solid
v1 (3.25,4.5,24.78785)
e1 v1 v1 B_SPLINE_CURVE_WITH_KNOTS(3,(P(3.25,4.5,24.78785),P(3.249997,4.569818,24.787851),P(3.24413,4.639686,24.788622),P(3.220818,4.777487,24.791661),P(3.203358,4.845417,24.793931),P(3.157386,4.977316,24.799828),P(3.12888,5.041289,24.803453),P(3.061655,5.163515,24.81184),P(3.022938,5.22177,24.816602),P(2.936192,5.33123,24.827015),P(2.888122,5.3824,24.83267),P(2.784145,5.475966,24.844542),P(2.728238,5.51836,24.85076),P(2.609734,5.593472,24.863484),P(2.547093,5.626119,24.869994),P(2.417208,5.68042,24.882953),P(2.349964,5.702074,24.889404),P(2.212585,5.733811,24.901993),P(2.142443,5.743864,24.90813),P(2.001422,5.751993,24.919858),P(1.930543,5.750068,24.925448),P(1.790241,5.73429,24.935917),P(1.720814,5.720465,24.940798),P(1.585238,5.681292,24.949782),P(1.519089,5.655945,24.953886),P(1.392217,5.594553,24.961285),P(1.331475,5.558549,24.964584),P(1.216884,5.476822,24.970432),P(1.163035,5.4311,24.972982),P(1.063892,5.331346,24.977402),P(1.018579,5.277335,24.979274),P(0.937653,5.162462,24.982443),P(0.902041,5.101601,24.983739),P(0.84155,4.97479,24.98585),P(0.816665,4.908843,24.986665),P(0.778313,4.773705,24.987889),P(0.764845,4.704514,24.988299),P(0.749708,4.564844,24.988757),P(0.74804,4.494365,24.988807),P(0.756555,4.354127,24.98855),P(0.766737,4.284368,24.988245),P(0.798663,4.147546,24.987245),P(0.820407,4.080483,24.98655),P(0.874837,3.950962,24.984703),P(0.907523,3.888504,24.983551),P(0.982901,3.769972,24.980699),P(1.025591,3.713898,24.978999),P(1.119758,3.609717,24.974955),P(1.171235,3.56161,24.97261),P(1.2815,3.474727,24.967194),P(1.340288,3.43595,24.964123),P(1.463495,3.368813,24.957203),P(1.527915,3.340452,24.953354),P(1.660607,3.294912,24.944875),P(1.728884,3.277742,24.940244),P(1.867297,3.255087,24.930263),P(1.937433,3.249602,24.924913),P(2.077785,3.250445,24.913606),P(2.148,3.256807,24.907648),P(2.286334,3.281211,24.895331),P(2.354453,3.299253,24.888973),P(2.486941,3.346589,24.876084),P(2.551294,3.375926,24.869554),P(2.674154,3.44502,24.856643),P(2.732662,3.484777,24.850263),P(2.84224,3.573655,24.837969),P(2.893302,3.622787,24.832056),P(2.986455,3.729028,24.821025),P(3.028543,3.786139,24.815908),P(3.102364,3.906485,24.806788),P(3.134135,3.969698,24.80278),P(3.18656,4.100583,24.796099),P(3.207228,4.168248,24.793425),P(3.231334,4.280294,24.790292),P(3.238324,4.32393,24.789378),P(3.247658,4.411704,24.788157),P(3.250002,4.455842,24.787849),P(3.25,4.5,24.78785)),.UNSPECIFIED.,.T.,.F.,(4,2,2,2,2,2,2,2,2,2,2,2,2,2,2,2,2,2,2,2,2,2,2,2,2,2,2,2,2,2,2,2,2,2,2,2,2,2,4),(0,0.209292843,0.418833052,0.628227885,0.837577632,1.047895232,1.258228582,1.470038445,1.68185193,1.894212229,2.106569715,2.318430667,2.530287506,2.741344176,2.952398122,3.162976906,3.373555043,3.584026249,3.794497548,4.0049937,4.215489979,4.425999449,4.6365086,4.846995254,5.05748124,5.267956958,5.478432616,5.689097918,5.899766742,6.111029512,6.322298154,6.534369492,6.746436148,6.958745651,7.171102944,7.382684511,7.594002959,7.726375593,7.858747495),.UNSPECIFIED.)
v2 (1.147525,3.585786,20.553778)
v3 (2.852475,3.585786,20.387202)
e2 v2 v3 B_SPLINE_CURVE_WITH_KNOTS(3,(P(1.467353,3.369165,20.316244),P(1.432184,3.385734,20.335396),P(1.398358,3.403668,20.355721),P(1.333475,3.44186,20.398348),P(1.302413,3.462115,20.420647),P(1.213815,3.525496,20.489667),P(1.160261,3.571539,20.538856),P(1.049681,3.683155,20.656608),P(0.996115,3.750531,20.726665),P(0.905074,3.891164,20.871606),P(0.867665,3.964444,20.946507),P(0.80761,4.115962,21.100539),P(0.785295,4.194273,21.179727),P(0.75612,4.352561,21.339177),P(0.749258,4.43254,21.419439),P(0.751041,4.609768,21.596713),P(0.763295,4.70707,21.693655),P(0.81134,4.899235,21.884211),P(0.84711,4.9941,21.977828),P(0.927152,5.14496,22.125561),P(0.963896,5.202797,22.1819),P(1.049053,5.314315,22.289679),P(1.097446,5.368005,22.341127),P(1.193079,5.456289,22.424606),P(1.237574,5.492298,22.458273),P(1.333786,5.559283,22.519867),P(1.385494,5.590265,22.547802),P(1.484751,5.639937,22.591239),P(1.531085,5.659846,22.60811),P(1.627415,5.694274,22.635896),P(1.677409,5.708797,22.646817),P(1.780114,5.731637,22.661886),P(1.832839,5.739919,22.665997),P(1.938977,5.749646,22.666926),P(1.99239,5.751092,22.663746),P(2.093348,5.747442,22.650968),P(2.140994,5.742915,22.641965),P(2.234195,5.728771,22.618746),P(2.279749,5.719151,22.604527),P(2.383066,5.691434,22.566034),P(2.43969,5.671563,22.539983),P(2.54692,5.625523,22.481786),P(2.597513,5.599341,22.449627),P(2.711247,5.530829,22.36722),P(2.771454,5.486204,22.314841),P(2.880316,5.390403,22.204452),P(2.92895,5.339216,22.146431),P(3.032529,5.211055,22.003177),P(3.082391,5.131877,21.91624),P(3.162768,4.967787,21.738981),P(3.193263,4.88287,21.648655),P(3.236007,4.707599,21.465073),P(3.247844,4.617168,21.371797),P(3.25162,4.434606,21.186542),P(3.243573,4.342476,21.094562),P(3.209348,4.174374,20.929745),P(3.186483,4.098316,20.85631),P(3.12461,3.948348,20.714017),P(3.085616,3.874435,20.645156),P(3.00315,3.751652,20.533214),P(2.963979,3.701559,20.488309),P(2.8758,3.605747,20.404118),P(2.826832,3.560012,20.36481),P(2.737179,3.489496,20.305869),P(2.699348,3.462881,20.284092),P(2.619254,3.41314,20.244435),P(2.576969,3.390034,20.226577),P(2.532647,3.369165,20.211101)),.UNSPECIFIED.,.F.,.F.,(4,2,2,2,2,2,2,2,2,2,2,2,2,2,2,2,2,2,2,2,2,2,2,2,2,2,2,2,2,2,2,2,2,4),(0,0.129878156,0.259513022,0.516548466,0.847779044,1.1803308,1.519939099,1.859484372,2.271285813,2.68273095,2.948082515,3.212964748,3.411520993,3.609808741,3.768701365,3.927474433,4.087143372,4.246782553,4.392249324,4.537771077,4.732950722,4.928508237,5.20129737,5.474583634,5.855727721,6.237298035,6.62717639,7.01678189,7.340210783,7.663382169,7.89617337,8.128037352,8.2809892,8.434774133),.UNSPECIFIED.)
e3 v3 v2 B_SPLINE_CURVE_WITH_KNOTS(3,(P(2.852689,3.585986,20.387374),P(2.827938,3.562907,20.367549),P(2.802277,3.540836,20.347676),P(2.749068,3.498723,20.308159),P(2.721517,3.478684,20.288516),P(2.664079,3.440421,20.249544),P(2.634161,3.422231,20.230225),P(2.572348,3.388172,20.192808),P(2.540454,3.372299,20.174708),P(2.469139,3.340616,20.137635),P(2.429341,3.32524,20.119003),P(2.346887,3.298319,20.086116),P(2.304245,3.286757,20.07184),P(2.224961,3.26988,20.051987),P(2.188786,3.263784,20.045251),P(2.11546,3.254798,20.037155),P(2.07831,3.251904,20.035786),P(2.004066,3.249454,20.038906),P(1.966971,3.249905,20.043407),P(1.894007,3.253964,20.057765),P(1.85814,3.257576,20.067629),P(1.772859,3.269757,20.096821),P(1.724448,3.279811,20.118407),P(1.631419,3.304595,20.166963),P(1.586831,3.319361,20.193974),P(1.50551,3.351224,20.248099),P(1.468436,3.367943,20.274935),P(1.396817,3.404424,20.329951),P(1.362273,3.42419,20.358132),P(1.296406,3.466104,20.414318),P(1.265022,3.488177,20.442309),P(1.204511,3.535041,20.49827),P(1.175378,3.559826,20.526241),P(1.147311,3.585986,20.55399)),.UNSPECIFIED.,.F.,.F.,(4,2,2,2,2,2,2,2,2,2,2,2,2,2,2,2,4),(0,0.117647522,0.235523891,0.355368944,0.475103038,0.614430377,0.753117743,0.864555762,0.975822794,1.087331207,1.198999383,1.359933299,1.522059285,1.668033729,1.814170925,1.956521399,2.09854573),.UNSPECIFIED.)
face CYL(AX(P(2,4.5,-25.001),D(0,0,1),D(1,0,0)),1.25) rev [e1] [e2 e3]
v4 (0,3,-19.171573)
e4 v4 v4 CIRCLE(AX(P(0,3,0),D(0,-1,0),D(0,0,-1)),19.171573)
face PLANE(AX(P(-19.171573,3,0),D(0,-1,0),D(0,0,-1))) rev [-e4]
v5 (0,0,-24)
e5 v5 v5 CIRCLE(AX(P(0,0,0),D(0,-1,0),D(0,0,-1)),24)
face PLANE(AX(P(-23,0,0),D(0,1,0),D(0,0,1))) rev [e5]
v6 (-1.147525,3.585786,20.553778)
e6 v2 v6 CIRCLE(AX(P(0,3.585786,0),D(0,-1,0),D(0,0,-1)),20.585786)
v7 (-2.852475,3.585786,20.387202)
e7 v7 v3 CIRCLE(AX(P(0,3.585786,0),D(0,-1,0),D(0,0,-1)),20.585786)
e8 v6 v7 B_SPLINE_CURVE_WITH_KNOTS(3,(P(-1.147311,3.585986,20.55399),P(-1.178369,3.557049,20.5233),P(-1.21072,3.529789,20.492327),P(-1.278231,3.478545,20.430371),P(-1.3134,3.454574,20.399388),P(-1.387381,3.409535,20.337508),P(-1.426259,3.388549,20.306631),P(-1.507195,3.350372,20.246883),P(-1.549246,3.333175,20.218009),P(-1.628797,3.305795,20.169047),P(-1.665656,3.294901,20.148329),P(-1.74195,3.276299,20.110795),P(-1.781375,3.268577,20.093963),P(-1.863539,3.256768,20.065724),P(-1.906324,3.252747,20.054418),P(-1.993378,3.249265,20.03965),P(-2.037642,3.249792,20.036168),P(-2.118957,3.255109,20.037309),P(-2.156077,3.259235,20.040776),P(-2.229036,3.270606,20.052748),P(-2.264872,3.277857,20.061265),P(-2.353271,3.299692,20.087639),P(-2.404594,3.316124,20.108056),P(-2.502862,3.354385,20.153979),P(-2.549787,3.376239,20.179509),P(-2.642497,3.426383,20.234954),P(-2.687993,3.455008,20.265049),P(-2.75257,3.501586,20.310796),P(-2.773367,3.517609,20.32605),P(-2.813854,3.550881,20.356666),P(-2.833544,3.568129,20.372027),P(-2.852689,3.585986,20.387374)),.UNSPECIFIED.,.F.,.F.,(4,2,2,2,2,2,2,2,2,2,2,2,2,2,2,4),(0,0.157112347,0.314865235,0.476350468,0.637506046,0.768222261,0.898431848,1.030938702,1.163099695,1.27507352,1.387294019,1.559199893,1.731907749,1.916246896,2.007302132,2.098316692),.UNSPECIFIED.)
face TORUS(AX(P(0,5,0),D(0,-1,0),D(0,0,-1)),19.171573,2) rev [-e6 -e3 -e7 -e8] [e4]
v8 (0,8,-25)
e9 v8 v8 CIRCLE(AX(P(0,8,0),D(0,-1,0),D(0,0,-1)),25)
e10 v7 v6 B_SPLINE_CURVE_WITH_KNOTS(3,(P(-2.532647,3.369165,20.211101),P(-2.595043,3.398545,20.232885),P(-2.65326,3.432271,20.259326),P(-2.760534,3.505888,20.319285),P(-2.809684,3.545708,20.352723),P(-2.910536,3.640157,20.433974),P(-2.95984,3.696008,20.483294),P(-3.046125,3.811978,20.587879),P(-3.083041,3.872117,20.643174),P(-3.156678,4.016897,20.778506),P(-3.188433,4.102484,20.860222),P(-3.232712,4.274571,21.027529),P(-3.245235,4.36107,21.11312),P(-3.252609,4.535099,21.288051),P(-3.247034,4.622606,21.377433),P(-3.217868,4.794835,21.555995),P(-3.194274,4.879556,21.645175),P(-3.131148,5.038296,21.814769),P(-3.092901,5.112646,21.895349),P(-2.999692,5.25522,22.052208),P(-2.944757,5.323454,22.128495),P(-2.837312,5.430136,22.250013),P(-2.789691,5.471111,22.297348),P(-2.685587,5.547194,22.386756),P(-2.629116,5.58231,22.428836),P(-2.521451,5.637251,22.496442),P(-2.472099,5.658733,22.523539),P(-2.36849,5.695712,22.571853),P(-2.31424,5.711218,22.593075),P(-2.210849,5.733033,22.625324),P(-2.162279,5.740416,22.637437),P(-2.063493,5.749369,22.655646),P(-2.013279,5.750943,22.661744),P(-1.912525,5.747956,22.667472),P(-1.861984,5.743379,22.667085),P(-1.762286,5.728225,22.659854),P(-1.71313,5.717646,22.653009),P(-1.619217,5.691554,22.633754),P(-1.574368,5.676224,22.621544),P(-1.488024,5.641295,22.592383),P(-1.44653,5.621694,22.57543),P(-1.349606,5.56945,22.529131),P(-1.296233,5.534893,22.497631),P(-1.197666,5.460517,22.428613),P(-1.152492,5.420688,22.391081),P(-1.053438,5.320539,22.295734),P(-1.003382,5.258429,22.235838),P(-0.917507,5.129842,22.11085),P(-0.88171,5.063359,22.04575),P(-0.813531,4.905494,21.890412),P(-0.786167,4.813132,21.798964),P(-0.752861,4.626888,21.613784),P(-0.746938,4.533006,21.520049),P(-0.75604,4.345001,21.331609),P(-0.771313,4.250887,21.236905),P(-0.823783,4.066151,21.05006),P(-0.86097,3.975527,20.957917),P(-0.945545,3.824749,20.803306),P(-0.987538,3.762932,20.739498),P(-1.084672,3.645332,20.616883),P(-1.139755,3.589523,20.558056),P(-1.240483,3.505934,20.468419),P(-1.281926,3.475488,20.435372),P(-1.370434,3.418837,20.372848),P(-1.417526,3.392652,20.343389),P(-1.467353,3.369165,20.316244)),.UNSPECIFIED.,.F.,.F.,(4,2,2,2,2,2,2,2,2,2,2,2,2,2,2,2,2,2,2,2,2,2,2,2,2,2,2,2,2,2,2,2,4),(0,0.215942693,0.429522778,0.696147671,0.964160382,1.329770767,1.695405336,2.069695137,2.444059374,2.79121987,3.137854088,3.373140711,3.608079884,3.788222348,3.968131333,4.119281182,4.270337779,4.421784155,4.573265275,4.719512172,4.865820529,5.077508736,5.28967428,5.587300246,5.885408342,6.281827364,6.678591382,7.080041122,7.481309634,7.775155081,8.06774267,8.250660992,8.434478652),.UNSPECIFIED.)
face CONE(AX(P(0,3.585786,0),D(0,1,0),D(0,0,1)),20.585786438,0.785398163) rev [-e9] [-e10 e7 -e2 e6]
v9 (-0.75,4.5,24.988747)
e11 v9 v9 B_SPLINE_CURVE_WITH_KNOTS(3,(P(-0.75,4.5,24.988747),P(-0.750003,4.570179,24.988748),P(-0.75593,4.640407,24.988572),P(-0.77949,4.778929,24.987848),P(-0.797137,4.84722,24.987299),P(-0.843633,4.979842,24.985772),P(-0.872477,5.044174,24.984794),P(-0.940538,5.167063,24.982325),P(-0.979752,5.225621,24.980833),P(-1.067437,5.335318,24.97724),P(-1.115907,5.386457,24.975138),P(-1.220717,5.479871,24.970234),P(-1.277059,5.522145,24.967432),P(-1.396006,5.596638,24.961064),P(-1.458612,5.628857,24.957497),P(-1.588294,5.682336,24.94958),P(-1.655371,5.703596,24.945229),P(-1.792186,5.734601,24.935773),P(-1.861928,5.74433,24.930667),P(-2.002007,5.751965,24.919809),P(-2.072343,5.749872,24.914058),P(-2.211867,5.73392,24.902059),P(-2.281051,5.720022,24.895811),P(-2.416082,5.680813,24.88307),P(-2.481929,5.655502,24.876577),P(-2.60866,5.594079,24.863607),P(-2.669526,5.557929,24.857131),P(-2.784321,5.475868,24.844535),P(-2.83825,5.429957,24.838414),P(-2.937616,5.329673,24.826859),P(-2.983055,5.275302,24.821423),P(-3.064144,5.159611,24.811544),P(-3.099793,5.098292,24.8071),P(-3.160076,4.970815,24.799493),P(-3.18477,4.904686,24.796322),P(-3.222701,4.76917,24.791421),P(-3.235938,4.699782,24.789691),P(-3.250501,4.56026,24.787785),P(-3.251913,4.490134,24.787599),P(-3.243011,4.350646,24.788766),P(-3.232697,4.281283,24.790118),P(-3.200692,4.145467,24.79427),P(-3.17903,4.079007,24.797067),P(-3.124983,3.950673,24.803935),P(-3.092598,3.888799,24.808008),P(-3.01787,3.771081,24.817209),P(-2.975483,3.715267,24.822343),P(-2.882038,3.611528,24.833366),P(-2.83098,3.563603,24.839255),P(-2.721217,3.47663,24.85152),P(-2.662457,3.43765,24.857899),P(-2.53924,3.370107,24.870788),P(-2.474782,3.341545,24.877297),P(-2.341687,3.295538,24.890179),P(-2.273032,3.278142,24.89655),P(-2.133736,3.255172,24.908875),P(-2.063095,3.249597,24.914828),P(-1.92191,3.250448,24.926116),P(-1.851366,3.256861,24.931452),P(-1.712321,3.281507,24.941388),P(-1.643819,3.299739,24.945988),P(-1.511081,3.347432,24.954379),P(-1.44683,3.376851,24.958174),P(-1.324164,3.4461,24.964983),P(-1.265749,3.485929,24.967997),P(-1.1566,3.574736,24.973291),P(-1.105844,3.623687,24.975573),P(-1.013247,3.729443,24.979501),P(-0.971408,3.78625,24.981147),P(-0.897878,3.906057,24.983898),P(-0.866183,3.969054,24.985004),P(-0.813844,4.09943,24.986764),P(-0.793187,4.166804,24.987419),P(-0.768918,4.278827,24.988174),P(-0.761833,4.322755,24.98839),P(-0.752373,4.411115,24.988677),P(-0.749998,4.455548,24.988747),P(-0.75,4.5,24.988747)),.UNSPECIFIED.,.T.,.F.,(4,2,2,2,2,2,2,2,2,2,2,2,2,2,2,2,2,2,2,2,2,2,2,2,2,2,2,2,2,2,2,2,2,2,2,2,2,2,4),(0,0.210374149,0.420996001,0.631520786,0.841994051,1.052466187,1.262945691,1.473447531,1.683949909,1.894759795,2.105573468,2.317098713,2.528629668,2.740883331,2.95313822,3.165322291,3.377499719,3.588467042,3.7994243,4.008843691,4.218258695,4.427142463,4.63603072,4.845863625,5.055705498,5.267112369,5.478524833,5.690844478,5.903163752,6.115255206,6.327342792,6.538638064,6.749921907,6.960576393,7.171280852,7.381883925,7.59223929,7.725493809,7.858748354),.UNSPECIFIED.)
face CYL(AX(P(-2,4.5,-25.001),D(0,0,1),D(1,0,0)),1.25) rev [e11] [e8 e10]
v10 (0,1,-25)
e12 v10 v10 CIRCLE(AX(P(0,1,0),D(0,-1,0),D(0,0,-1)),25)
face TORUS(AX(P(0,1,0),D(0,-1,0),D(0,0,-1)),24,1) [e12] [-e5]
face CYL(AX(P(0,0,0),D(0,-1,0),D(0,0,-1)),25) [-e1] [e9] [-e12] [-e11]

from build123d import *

# Parameters (mm, degrees)
CUT_EXTRUDE1_REACH = 58.471
SKETCH5_R          = 1.25


with BuildPart() as part:
    # Sketch3 → Revolve3 (revolve)
    with BuildSketch(Plane.XY, mode=Mode.PRIVATE) as revolve3_sk:
        with BuildLine():
            Line((-23, 0), (0, 0))
            Line((0, 0), (0, 3))
            Line((0, 3), (-19.171572875, 3))
            ThreePointArc((-19.171572875, 3), (-19.93693974, 3.152240935), (-20.585786438, 3.585786438))
            Line((-20.585786438, 3.585786438), (-25, 8))
            Line((-25, 8), (-25, 1))
            ThreePointArc((-25, 1), (-24.707106781, 0.292893219), (-24, 0))
            Line((-24, 0), (-23, 0))
        make_face()
    revolve(revolve3_sk.sketch.rotate(Axis((0, 0, 0), (0, 1, 0)), 270), axis=Axis((0, 0, 0), (0, 1, 0)))

    # Sketch5 → Cut-Extrude1 (cut, up to next)
    with BuildSketch(Plane.XY.offset(25), mode=Mode.PRIVATE) as cut_extrude1_sk1:
        with Locations((-2, 4.5)):
            Circle(SKETCH5_R)
    cut_extrude1_tool1 = extrude(cut_extrude1_sk1.sketch, amount=-CUT_EXTRUDE1_REACH, mode=Mode.PRIVATE) & part.part
    # Sketch5 → Cut-Extrude1 (cut, up to next)
    with BuildSketch(Plane.XY.offset(25), mode=Mode.PRIVATE) as cut_extrude1_sk2:
        with Locations((2, 4.5)):
            Circle(SKETCH5_R)
    cut_extrude1_tool2 = extrude(cut_extrude1_sk2.sketch, amount=-CUT_EXTRUDE1_REACH, mode=Mode.PRIVATE) & part.part
    add(cut_extrude1_tool1.solids().sort_by_distance((-2, 4.5, 25))[0], mode=Mode.SUBTRACT)
    add(cut_extrude1_tool2.solids().sort_by_distance((2, 4.5, 25))[0], mode=Mode.SUBTRACT)


solid = part.part
